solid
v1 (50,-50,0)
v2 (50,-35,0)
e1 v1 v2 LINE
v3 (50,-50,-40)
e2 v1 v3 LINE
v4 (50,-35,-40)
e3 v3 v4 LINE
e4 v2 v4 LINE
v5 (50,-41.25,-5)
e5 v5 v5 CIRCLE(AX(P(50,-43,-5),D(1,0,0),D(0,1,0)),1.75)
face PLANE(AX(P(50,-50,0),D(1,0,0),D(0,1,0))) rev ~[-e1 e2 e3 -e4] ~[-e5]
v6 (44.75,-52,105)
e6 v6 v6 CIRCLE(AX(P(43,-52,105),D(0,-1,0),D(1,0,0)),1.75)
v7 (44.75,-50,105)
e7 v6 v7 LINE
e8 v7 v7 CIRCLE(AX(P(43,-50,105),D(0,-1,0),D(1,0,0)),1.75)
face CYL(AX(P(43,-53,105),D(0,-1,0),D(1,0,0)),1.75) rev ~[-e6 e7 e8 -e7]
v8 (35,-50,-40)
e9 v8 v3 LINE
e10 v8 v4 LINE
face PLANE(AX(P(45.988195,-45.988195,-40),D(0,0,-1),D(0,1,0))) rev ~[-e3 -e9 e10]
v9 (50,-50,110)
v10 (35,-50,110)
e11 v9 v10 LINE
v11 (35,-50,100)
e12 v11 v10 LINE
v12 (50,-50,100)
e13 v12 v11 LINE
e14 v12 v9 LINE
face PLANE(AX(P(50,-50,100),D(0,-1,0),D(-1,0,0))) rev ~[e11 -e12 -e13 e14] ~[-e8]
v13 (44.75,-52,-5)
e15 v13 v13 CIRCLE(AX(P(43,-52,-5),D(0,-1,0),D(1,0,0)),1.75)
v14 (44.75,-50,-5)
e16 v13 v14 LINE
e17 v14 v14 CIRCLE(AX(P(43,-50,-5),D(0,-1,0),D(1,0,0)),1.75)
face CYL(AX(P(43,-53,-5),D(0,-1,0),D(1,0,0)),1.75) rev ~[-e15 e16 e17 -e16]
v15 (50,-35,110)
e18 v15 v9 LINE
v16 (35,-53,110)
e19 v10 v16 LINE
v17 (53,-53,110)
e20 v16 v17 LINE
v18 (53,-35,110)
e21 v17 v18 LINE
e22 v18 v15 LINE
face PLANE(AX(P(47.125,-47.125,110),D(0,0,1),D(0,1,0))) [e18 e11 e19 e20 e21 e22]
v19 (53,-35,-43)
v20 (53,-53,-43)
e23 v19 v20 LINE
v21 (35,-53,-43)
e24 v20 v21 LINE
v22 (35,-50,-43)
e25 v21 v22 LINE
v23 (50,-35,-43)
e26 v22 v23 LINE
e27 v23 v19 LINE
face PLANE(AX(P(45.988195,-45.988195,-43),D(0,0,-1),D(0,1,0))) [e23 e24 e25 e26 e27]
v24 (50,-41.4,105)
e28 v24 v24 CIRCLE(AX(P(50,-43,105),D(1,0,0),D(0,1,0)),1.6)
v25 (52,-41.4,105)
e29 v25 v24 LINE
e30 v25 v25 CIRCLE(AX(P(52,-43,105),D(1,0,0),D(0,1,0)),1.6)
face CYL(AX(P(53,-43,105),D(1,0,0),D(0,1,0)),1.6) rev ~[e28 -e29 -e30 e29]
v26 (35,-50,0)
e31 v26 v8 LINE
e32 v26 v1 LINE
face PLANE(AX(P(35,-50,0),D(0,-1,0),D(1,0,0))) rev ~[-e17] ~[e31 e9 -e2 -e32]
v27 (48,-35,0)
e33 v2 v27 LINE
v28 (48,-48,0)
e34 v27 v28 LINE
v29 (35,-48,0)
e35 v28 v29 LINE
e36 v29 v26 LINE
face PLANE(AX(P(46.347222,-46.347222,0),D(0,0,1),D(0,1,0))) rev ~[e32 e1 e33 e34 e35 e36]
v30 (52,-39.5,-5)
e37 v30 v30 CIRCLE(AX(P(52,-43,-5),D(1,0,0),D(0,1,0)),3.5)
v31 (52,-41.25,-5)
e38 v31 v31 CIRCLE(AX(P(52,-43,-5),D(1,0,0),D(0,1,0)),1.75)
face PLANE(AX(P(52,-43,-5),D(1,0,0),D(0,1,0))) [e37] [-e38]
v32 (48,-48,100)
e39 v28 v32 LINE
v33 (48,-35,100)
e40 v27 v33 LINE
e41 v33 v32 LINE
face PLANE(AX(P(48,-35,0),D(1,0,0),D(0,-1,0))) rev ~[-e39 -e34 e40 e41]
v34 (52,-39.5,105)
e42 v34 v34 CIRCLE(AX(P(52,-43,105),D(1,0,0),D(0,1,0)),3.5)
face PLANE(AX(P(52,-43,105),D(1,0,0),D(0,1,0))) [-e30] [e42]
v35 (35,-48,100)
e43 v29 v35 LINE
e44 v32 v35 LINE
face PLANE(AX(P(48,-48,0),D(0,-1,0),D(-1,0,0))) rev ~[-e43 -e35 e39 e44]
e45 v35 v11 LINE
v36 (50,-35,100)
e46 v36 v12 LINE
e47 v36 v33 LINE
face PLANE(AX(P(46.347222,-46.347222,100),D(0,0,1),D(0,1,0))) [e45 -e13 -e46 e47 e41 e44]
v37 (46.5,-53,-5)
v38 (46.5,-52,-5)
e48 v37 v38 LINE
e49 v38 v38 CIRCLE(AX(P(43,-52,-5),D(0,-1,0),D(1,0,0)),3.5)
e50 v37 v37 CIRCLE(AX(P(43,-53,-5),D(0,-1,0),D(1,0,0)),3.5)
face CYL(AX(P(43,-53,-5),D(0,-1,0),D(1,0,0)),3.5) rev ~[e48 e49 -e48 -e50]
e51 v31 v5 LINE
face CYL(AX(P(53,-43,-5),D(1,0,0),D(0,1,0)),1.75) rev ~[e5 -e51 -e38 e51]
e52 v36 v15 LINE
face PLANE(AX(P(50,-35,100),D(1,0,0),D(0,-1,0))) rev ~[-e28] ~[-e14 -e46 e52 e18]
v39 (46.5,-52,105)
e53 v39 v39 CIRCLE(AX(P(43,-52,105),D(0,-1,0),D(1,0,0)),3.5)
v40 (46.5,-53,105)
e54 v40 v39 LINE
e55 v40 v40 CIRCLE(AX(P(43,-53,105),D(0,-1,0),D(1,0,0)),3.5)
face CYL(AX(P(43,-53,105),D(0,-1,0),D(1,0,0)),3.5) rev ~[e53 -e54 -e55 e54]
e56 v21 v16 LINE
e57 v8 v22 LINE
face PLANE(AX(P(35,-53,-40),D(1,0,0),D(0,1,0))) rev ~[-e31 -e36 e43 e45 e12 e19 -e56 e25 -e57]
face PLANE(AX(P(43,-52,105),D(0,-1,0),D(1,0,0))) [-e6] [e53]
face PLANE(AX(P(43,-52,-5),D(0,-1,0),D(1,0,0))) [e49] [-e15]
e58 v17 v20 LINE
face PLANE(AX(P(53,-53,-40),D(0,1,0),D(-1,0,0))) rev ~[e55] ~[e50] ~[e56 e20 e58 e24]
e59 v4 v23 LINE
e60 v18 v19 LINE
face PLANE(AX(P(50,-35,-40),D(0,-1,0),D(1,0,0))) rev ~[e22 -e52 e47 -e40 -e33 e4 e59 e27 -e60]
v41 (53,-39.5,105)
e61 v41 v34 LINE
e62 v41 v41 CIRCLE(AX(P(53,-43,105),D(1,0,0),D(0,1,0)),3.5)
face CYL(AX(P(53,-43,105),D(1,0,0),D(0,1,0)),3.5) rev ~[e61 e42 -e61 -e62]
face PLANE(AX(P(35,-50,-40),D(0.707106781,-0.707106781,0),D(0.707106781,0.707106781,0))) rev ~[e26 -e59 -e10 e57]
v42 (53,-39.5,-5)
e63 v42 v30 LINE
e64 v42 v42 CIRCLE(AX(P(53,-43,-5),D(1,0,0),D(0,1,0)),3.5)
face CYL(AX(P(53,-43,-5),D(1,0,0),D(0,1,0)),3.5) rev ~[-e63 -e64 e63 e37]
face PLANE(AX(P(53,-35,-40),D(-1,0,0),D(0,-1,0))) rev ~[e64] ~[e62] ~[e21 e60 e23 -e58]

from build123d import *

# Parameters (mm, degrees)
PAD012_DEPTH            = 100
PAD015_DEPTH            = 10
SKETCH035_R             = 1.6
POCKET023_DEPTH         = 5
SKETCH036_R             = 3.5
POCKET019_DEPTH         = 1
SKETCH037_R             = 1.75
POCKET020_DEPTH         = 5
SKETCH038_R             = 3.5
POCKET021_DEPTH         = 1
PAD013_DEPTH            = 40
PAD014_DEPTH            = 3
SKETCH031_R             = 1.75
POCKET022_DEPTH         = 5
SKETCH042_R             = 3.5
POCKET026_DEPTH         = 1
SKETCH040_R             = 1.75
POCKET024_DEPTH         = 5
SKETCH041_R             = 3.5
POCKET025_DEPTH         = 1
BODY005_PLACEMENT_ANGLE = 90


with BuildPart() as part:
    # Sketch032 → Pad012 (new body)
    with BuildSketch(Plane.XY):
        Polygon((-53, -35), (-53, -53), (-35, -53), (-35, -48), (-48, -48), (-48, -35), align=None)
    extrude(amount=PAD012_DEPTH)

    # Sketch034 (on Face8 of Pad012) → Pad015 (join)
    with BuildSketch(Plane.XY.offset(100)):
        Polygon((-53, -35), (-53, -53), (-35, -53), (-35, -50), (-50, -50), (-50, -35), align=None)
    extrude(amount=PAD015_DEPTH)

    # Sketch035 (on Face14 of Pad015) → Pocket023 (cut)
    with BuildSketch(Plane.XZ.offset(53)):
        with Locations((-43, 105)):
            Circle(SKETCH035_R)
    extrude(amount=-POCKET023_DEPTH, mode=Mode.SUBTRACT)

    # Sketch036 (on Face14 of Pocket023) → Pocket019 (cut)
    with BuildSketch(Plane.XZ.offset(53)):
        with Locations((-43, 105)):
            Circle(SKETCH036_R)
    extrude(amount=-POCKET019_DEPTH, mode=Mode.SUBTRACT)

    # Sketch037 (on Face9 of Pocket019) → Pocket020 (cut)
    with BuildSketch(Plane(origin=(-53, 0, 0), x_dir=(0, -1, 0), z_dir=(-1, 0, 0))):
        with Locations((43, 105)):
            Circle(SKETCH037_R)
    extrude(amount=-POCKET020_DEPTH, mode=Mode.SUBTRACT)

    # Sketch038 (on Face9 of Pocket020) → Pocket021 (cut)
    with BuildSketch(Plane(origin=(-53, 0, 0), x_dir=(0, -1, 0), z_dir=(-1, 0, 0))):
        with Locations((43, 105)):
            Circle(SKETCH038_R)
    extrude(amount=-POCKET021_DEPTH, mode=Mode.SUBTRACT)

    # Sketch033 (on Face4 of Pocket021) → Pad013 (join)
    with BuildSketch(Plane(origin=(0, 0, 0), x_dir=(1, 0, 0), z_dir=(0, 0, -1))):
        Polygon((-35, 53), (-53, 53), (-53, 35), (-50, 35), (-50, 50), (-35, 50), align=None)
    extrude(amount=PAD013_DEPTH)

    # Sketch039 (on Face15 of Pad013) → Pad014 (join)
    with BuildSketch(Plane(origin=(0, 0, -40), x_dir=(1, 0, 0), z_dir=(0, 0, -1))):
        Polygon((-35, 50), (-35, 53), (-53, 53), (-53, 35), (-50, 35), align=None)
    extrude(amount=PAD014_DEPTH)

    # Sketch031 (on Face10 of Pad014) → Pocket022 (cut)
    with BuildSketch(Plane(origin=(-53, 0, 0), x_dir=(0, -1, 0), z_dir=(-1, 0, 0))):
        with Locations((43, -5)):
            Circle(SKETCH031_R)
    extrude(amount=-POCKET022_DEPTH, mode=Mode.SUBTRACT)

    # Sketch042 (on Face10 of Pocket022) → Pocket026 (cut)
    with BuildSketch(Plane(origin=(-53, 0, 0), x_dir=(0, -1, 0), z_dir=(-1, 0, 0))):
        with Locations((43, -5)):
            Circle(SKETCH042_R)
    extrude(amount=-POCKET026_DEPTH, mode=Mode.SUBTRACT)

    # Sketch040 (on Face19 of Pocket026) → Pocket024 (cut)
    with BuildSketch(Plane.XZ.offset(53)):
        with Locations((-43, -5)):
            Circle(SKETCH040_R)
    extrude(amount=-POCKET024_DEPTH, mode=Mode.SUBTRACT)

    # Sketch041 (on Face19 of Pocket024) → Pocket025 (cut)
    with BuildSketch(Plane.XZ.offset(53)):
        with Locations((-43, -5)):
            Circle(SKETCH041_R)
    extrude(amount=-POCKET025_DEPTH, mode=Mode.SUBTRACT)


with BuildPart() as part_1:
    # Body005 placement: moved
    add(part.part.rotate(Axis((0, 0, 0), (0, 0, 1)), BODY005_PLACEMENT_ANGLE))


solid = part_1.part
